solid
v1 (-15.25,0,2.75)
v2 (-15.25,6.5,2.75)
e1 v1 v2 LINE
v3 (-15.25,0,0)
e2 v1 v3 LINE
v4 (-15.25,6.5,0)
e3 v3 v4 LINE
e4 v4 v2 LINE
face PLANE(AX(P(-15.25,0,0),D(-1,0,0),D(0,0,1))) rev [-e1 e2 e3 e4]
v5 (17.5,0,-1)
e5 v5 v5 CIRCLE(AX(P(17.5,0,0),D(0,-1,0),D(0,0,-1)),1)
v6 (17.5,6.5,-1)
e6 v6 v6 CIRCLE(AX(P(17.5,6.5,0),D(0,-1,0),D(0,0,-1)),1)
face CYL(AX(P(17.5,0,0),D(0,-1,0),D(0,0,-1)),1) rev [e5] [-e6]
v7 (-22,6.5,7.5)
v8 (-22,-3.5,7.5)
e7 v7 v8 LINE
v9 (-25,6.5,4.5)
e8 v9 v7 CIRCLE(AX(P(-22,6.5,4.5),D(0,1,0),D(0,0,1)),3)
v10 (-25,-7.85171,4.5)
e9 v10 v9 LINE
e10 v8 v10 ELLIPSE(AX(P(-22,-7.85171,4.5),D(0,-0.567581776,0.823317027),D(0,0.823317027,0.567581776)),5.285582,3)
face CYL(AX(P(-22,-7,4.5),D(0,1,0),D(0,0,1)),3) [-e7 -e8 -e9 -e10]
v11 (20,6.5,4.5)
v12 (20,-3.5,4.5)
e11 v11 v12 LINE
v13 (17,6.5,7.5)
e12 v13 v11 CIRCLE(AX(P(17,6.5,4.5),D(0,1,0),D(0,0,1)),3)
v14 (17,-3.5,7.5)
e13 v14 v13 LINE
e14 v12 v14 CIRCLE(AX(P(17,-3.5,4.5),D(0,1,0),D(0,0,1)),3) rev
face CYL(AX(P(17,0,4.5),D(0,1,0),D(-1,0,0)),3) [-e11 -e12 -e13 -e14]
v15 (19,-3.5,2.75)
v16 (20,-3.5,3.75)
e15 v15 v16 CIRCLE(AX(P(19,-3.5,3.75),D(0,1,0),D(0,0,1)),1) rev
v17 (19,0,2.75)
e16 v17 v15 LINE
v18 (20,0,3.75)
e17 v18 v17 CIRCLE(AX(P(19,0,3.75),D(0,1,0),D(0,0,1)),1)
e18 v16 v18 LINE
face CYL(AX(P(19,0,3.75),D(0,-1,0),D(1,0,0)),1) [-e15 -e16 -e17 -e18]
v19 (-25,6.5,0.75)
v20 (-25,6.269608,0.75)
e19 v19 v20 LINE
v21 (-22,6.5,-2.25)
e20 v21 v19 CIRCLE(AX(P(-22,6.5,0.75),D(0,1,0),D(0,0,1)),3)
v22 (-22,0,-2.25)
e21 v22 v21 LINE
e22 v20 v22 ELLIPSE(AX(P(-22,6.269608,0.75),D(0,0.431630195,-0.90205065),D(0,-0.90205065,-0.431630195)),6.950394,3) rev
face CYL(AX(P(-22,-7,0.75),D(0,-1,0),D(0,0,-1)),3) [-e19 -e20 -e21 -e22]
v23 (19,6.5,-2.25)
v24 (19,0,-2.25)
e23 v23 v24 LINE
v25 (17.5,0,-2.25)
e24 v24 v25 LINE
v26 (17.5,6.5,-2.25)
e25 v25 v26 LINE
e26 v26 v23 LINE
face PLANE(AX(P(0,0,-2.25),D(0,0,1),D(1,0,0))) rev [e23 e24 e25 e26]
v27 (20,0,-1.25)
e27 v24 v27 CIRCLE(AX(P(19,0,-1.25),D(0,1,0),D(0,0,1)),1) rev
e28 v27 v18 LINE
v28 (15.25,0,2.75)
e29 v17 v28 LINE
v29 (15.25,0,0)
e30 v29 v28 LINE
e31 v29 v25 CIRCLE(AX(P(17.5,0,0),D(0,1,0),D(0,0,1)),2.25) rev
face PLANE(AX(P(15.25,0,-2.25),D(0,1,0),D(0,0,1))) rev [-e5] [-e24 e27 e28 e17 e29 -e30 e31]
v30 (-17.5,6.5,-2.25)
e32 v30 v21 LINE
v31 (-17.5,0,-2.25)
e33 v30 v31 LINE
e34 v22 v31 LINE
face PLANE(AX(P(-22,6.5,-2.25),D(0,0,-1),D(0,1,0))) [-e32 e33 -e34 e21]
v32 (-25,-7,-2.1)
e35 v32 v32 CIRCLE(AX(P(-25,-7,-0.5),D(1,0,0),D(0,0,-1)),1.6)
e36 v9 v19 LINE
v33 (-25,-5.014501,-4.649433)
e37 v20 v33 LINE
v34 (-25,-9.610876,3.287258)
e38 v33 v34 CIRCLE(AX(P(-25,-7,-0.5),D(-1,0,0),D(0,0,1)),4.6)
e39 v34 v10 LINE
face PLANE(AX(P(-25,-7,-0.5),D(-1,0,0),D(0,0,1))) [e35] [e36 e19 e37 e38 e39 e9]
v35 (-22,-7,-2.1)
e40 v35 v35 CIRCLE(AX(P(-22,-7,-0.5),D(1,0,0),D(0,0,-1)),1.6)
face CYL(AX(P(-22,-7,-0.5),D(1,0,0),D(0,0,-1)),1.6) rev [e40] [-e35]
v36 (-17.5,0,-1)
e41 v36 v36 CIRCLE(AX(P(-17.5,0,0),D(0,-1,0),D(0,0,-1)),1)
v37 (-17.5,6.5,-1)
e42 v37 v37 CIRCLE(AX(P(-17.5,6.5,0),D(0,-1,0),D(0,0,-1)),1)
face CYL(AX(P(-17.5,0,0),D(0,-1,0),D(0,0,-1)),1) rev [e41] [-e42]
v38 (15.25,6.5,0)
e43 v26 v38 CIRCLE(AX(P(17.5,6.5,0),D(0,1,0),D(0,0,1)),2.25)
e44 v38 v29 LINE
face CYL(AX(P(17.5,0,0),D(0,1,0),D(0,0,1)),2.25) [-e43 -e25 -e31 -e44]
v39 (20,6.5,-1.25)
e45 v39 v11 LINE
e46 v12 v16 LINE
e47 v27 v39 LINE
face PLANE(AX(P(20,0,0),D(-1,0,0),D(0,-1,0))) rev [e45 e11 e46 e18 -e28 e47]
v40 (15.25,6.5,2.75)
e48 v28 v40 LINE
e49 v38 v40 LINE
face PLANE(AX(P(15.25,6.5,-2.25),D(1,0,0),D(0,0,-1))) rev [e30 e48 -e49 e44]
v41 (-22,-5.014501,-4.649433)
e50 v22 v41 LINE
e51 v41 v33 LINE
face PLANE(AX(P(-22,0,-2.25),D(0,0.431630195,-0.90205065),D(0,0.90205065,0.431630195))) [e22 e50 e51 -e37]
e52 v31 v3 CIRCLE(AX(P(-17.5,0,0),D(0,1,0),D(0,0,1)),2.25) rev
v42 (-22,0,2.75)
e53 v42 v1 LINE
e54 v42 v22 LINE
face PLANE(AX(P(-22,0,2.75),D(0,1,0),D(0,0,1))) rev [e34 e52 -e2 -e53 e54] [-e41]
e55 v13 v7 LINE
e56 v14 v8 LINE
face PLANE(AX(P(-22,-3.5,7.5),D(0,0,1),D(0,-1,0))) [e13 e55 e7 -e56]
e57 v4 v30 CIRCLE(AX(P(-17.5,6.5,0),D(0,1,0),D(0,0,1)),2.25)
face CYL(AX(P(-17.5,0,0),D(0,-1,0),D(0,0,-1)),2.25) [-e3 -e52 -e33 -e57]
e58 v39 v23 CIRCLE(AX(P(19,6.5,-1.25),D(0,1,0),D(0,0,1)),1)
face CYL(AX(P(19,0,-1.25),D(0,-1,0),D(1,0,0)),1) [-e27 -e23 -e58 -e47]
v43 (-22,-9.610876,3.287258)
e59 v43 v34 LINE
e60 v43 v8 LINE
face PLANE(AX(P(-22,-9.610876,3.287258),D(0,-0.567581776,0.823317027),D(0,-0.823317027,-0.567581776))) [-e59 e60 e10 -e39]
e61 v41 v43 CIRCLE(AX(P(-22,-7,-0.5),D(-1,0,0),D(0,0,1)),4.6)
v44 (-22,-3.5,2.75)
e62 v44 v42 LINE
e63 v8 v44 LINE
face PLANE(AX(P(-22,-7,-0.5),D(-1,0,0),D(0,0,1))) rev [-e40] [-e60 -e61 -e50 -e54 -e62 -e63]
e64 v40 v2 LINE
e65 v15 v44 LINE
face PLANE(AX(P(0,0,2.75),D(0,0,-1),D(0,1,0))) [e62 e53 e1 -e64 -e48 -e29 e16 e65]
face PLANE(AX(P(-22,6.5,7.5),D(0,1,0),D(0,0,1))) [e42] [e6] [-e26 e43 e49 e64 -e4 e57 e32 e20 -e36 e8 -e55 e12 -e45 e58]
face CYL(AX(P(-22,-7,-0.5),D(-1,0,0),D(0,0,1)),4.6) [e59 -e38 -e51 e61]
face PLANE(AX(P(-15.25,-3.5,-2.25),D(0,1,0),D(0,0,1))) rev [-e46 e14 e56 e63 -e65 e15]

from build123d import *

# Parameters (mm, degrees)
BOSS_EXTRUDE1_DEPTH        = 3
SKETCH2_W                  = 9.75
SKETCH2_H                  = 10
BOSS_EXTRUDE2_DEPTH        = 6.75
SKETCH3_W                  = 6.75
SKETCH3_H                  = 3.5
CUT_EXTRUDE1_DEPTH         = 5
SKETCH4_W                  = 4.75
SKETCH4_H                  = 10
BOSS_EXTRUDE3_DEPTH        = 35.25
SKETCH5_W                  = 4.75
SKETCH5_H                  = 6.5
BOSS_EXTRUDE4_DEPTH        = 5
F_2_0_2_DIAMETER_HOLE1_D   = 2
F_3_2_3_2_DIAMETER_HOLE1_D = 3.2
FILLET1_R                  = 1
FILLET2_R                  = 2.25
FILLET3_R                  = 3


with BuildPart() as part:
    # Sketch1 → Boss-Extrude1 (new body)
    with BuildSketch(Plane(origin=(-25, 0, 0), x_dir=(0, -1, 0), z_dir=(-1, 0, 0))):
        with BuildLine():
            Line((-6.5, -2.25), (0, -2.25))
            Line((0, -2.25), (5.014501105, -4.64943299))
            ThreePointArc((5.014501105, -4.64943299), (10.980645857, -2.805310946), (9.610876171, 3.287258325))
            Line((9.610876171, 3.287258325), (3.5, 7.5))
            Line((3.5, 7.5), (-6.5, 7.5))
            Line((-6.5, 7.5), (-6.5, -2.25))
        make_face()
    extrude(amount=-BOSS_EXTRUDE1_DEPTH)

    # Sketch2 → Boss-Extrude2 (add)
    with BuildSketch(Plane(origin=(-22, 0, 0), x_dir=(0, 0, -1), z_dir=(1, 0, 0))):
        with Locations((-2.625, 1.5)):
            Rectangle(SKETCH2_W, SKETCH2_H)
    extrude(amount=BOSS_EXTRUDE2_DEPTH)

    # Sketch3 → Cut-Extrude1 (cut)
    with BuildSketch(Plane(origin=(0, 0, -2.25), x_dir=(-1, 0, 0), z_dir=(0, 0, -1))):
        with Locations((18.625, -1.75)):
            Rectangle(SKETCH3_W, SKETCH3_H)
    extrude(amount=-CUT_EXTRUDE1_DEPTH, mode=Mode.SUBTRACT)

    # Sketch4 → Boss-Extrude3 (add)
    with BuildSketch(Plane(origin=(-15.25, 0, 0), x_dir=(0, 0, -1), z_dir=(1, 0, 0))):
        with Locations((-5.125, 1.5)):
            Rectangle(SKETCH4_W, SKETCH4_H)
    extrude(amount=BOSS_EXTRUDE3_DEPTH)

    # Sketch5 → Boss-Extrude4 (add)
    with BuildSketch(Plane(origin=(0, 0, 2.75), x_dir=(-1, 0, 0), z_dir=(0, 0, -1))):
        with Locations((-17.625, 3.25)):
            Rectangle(SKETCH5_W, SKETCH5_H)
    extrude(amount=BOSS_EXTRUDE4_DEPTH)

    # Ø2.0 (2) Diameter Hole1 (through all)
    with Locations(Plane(origin=(0, 0, 0), x_dir=(-1, 0, 0), z_dir=(0, -1, 0))):
        with Locations((-17.5, 0), (17.5, 0)):
            Hole(F_2_0_2_DIAMETER_HOLE1_D / 2)

    # Ø3.2 (3.2) Diameter Hole1 (through all)
    with Locations(Plane(origin=(-22, 0, 0), x_dir=(0, 0, -1), z_dir=(1, 0, 0))):
        with Locations((0.5, -7)):
            Hole(F_3_2_3_2_DIAMETER_HOLE1_D / 2)

    # Fillet1
    fillet1_edges = [part.edges().sort_by_distance(p)[0] for p in [
        (20, -1.75, 2.75),
        (20, 3.25, -2.25),
    ]]
    fillet(fillet1_edges, radius=FILLET1_R)

    # Fillet2
    fillet2_edges = [part.edges().sort_by_distance(p)[0] for p in [
        (-15.25, 3.25, -2.25),
        (15.25, 3.25, -2.25),
    ]]
    fillet(fillet2_edges, radius=FILLET2_R)

    # Fillet3
    fillet3_edges = [part.edges().sort_by_distance(p)[0] for p in [
        (20, 1.5, 7.5),
        (-25, 3.25, -2.25),
        (-25, 1.5, 7.5),
    ]]
    fillet(fillet3_edges, radius=FILLET3_R)


solid = part.part
